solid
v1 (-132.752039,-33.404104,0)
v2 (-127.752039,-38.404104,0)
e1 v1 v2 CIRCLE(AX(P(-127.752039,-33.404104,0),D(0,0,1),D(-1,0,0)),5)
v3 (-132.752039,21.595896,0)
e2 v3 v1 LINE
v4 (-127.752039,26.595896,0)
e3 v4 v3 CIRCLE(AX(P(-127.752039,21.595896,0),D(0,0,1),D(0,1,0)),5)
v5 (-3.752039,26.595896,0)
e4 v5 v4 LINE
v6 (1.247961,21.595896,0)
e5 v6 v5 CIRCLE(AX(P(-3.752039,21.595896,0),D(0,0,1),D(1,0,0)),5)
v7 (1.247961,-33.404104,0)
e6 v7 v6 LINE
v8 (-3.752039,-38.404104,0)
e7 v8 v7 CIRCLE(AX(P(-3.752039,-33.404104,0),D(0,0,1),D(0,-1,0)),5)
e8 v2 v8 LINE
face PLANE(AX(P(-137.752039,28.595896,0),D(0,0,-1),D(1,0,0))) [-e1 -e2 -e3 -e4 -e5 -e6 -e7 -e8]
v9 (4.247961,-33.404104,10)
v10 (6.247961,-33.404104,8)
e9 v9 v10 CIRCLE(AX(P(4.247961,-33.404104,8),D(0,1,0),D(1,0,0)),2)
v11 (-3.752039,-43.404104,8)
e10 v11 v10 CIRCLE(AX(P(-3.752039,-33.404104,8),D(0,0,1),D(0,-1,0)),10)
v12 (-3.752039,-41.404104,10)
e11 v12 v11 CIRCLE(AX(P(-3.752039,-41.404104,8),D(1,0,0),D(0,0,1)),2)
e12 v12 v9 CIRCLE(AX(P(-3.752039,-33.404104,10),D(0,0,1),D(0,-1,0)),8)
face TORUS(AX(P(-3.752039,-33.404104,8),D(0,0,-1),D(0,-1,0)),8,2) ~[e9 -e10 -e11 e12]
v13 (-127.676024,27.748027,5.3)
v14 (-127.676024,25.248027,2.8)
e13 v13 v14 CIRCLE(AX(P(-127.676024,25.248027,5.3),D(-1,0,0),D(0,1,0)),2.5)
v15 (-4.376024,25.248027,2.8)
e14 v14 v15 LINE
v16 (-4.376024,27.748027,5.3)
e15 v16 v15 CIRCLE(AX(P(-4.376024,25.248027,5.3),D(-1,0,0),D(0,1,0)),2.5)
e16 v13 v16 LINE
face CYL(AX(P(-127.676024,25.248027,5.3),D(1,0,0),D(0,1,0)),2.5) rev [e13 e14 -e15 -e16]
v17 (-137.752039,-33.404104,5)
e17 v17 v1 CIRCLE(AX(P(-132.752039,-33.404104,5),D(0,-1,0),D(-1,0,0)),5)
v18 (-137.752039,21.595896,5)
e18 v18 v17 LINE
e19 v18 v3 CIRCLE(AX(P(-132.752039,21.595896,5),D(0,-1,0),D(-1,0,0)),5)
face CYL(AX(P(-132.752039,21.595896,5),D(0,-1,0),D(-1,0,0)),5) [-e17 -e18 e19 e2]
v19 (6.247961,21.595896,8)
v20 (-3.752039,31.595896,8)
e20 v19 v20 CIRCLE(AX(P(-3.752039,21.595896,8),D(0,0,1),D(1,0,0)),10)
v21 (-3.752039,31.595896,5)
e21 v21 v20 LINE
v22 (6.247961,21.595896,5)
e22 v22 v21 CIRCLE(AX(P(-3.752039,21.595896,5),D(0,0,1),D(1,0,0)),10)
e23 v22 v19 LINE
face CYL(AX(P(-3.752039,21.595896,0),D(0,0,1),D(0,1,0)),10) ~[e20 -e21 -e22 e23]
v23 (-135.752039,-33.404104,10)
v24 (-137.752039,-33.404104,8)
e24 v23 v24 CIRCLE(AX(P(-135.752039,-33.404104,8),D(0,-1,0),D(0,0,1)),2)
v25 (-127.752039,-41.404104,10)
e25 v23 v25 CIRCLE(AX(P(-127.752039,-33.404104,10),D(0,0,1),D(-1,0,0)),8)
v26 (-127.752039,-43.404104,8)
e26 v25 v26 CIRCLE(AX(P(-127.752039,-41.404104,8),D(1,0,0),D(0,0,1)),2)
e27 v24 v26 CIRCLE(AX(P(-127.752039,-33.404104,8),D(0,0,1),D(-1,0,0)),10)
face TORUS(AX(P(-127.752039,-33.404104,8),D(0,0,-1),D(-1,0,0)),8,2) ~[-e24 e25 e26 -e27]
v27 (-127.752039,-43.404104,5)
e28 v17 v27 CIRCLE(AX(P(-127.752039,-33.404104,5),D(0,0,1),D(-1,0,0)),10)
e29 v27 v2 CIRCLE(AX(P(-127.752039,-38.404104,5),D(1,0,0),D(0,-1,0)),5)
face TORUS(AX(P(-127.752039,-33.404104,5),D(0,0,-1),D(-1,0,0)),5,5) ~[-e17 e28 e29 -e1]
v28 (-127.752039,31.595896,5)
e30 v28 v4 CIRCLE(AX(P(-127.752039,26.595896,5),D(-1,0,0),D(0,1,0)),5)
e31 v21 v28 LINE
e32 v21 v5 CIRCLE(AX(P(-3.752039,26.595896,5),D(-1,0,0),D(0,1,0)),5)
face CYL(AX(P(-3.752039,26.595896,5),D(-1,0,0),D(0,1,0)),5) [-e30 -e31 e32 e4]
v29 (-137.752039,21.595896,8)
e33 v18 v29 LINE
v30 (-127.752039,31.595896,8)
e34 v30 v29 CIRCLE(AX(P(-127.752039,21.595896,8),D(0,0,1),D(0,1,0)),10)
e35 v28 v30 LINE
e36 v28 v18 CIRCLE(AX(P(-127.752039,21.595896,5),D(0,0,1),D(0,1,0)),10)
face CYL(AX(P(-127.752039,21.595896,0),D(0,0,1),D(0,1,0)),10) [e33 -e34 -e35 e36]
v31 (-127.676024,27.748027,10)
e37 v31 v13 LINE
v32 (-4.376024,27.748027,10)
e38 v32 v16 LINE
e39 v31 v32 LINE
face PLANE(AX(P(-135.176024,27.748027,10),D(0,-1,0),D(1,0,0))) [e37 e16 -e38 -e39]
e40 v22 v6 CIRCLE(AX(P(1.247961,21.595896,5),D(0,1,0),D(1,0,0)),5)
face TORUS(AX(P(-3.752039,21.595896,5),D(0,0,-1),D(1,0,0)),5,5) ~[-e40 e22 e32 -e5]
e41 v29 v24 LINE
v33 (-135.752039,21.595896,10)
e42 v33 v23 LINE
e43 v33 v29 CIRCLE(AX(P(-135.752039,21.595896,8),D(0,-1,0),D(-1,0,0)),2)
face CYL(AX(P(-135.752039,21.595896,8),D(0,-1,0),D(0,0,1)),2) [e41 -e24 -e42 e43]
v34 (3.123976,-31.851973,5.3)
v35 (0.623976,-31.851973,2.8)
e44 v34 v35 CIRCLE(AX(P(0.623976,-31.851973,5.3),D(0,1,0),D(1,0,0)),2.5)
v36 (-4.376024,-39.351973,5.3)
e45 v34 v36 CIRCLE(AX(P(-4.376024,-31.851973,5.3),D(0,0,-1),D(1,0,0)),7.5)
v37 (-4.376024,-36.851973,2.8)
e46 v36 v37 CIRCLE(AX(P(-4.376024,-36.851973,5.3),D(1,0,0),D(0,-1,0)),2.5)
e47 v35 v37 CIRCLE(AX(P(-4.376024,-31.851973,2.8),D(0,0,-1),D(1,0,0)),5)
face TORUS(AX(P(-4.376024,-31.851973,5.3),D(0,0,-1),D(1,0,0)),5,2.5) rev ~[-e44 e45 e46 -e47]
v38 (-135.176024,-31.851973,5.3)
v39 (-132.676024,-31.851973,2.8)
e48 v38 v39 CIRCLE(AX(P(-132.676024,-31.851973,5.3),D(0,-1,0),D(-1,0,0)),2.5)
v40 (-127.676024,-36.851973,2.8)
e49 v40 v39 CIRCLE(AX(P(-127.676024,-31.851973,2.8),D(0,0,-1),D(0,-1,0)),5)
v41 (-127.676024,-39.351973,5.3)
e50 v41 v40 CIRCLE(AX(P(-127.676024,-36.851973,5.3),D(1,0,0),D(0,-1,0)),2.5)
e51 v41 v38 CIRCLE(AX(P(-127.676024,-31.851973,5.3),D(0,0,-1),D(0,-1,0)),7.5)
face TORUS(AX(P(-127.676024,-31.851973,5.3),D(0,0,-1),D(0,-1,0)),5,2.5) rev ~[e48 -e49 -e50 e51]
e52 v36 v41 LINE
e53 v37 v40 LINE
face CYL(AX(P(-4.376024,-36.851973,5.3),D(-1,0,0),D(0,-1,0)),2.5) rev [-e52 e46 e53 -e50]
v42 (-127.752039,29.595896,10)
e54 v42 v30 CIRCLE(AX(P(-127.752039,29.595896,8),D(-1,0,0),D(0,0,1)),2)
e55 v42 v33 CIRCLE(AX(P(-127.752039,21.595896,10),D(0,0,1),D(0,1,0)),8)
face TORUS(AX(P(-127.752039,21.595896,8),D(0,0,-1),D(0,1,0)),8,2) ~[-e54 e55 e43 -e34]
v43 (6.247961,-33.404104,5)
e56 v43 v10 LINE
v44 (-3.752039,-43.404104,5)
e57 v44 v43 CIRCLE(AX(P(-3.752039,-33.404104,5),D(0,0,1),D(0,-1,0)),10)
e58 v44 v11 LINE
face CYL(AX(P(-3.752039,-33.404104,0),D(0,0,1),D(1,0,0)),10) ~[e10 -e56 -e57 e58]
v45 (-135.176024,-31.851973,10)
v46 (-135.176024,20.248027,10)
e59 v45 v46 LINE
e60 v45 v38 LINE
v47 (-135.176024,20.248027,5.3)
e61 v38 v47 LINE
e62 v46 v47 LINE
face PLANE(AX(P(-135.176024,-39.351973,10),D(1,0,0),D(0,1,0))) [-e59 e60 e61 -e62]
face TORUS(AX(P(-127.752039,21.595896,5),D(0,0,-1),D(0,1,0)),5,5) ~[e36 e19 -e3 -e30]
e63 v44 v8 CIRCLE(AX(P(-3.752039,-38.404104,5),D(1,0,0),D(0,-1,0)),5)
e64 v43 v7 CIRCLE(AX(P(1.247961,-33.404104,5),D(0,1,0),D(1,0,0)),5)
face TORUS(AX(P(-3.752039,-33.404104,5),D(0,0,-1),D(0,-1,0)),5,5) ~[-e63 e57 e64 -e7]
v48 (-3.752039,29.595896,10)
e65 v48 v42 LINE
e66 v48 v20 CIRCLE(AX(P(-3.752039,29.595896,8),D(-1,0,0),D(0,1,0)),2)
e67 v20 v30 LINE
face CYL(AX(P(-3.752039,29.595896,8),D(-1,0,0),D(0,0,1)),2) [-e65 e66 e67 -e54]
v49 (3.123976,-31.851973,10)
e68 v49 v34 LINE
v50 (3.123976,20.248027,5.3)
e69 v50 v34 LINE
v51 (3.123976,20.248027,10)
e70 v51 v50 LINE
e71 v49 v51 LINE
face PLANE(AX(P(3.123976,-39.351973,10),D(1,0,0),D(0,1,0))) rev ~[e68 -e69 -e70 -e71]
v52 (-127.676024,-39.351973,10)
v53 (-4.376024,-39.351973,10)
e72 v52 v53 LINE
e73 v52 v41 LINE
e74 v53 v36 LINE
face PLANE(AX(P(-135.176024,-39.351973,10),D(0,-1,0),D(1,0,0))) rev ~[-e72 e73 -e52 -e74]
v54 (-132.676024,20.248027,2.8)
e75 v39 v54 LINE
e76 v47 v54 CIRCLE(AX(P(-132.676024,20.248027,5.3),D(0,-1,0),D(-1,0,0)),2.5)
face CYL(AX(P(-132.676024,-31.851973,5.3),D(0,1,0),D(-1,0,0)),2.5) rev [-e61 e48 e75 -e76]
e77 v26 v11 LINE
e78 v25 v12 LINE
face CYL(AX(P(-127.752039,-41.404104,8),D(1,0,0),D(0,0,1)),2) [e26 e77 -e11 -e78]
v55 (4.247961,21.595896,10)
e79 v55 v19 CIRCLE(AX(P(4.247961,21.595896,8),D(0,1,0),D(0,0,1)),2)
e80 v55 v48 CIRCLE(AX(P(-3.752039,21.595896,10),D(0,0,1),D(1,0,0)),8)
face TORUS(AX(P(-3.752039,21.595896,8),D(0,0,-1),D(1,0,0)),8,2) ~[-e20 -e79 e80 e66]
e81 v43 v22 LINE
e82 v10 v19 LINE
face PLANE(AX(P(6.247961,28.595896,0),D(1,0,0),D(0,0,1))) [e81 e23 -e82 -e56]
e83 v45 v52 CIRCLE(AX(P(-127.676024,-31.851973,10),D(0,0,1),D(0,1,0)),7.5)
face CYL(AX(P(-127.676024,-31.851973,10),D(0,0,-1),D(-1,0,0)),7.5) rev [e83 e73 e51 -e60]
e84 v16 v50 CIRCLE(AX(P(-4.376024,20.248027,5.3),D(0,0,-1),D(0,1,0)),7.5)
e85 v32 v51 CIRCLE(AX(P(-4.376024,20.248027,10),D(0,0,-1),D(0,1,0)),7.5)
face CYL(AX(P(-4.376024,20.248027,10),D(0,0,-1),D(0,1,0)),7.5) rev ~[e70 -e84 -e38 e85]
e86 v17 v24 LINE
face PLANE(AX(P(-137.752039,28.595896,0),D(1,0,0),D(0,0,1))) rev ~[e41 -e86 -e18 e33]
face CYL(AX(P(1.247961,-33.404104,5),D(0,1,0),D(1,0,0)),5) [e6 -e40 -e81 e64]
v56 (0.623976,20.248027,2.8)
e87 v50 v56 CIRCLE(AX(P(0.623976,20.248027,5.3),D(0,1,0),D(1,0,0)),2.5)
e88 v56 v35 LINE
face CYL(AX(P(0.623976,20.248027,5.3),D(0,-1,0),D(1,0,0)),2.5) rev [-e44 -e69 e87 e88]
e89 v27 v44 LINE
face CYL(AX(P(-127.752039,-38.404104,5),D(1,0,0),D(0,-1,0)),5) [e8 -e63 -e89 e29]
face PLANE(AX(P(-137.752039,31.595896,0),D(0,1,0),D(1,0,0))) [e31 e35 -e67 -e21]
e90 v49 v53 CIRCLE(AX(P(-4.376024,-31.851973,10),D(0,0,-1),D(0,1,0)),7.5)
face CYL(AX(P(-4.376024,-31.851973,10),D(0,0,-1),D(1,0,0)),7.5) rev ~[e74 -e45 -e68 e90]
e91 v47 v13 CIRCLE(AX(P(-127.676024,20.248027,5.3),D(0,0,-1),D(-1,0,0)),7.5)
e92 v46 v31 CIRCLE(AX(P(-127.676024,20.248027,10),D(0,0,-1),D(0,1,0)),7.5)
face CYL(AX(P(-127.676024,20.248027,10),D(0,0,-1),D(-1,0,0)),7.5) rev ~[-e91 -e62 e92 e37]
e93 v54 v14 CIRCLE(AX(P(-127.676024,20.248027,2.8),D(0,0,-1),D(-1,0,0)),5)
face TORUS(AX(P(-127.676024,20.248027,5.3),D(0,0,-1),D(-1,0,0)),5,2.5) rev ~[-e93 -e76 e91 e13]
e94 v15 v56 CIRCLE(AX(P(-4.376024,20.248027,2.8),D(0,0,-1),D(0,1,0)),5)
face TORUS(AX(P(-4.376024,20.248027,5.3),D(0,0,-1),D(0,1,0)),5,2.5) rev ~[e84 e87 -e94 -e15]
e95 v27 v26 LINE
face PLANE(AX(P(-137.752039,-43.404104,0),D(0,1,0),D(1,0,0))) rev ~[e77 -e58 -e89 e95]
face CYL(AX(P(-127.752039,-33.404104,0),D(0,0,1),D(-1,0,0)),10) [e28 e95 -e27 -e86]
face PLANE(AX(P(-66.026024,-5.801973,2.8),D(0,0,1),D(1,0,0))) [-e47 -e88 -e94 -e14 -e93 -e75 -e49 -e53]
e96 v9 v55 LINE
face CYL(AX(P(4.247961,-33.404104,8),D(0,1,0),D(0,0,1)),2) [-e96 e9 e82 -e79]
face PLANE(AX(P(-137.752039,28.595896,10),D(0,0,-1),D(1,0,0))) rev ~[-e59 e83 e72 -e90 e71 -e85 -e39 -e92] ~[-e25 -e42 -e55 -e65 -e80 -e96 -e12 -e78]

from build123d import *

# Parameters (mm, degrees)
F0_W     = 144
F0_H     = 72
F1_DEPTH = 10
F3_DEPTH = 3
F2_W     = 138.3
F2_H     = 67.1
F4_DEPTH = 7.2
F5_R     = 7.5
F6_R     = 2.5
F7_R     = 10
F8_R     = 2
F9_R     = 5


with BuildPart() as f1:
    # F0 (on Top) → F1 (new body)
    with BuildSketch(Plane.XY):
        with Locations((-65.7520391978, -7.4041044508)):
            Rectangle(F0_W, F0_H)
    extrude(amount=F1_DEPTH)

    # F3 (add): a face of the model
    f3_faces = [f1.faces().sort_by_distance(p)[0] for p in [
        (-65.7520391978, 28.5958955492, 5),
    ]]
    extrude(f3_faces, amount=F3_DEPTH)

    # F2 (on face) → F4 (cut)
    with BuildSketch(Plane.XY.offset(10)):
        with Locations((-66.0260241712, -5.8019728968)):
            Rectangle(F2_W, F2_H)
    extrude(amount=-F4_DEPTH, mode=Mode.SUBTRACT)

    # F5
    f5_edges = [f1.edges().sort_by_distance(p)[0] for p in [
        (-135.176024, 27.748027, 6.4),
        (-135.176024, -39.351973, 6.4),
        (3.123976, -39.351973, 6.4),
        (3.123976, 27.748027, 6.4),
    ]]
    fillet(f5_edges, radius=F5_R)

    # F6
    f6_edges = [f1.edges().sort_by_distance(p)[0] for p in [
        (-66.026024, 27.748027, 2.8),
    ]]
    fillet(f6_edges, radius=F6_R)

    # F7
    f7_edges = [f1.edges().sort_by_distance(p)[0] for p in [
        (-137.752039, -43.404104, 5),
        (6.247961, -43.404104, 5),
        (6.247961, 31.595896, 5),
        (-137.752039, 31.595896, 5),
    ]]
    fillet(f7_edges, radius=F7_R)

    # F8
    f8_edges = [f1.edges().sort_by_distance(p)[0] for p in [
        (-65.752039, -43.404104, 10),
        (-65.752039, 31.595896, 10),
        (-137.752039, -5.904104, 10),
    ]]
    fillet(f8_edges, radius=F8_R)

    # F9
    f9_edges = [f1.edges().sort_by_distance(p)[0] for p in [
        (-65.752039, -43.404104, 0),
        (-134.823107, -40.475172, 0),
        (3.319029, -40.475172, 0),
        (-137.752039, -5.904104, 0),
        (6.247961, -5.904104, 0),
        (-134.823107, 28.666963, 0),
        (3.319029, 28.666963, 0),
        (-65.752039, 31.595896, 0),
    ]]
    fillet(f9_edges, radius=F9_R)


solid = f1.part
